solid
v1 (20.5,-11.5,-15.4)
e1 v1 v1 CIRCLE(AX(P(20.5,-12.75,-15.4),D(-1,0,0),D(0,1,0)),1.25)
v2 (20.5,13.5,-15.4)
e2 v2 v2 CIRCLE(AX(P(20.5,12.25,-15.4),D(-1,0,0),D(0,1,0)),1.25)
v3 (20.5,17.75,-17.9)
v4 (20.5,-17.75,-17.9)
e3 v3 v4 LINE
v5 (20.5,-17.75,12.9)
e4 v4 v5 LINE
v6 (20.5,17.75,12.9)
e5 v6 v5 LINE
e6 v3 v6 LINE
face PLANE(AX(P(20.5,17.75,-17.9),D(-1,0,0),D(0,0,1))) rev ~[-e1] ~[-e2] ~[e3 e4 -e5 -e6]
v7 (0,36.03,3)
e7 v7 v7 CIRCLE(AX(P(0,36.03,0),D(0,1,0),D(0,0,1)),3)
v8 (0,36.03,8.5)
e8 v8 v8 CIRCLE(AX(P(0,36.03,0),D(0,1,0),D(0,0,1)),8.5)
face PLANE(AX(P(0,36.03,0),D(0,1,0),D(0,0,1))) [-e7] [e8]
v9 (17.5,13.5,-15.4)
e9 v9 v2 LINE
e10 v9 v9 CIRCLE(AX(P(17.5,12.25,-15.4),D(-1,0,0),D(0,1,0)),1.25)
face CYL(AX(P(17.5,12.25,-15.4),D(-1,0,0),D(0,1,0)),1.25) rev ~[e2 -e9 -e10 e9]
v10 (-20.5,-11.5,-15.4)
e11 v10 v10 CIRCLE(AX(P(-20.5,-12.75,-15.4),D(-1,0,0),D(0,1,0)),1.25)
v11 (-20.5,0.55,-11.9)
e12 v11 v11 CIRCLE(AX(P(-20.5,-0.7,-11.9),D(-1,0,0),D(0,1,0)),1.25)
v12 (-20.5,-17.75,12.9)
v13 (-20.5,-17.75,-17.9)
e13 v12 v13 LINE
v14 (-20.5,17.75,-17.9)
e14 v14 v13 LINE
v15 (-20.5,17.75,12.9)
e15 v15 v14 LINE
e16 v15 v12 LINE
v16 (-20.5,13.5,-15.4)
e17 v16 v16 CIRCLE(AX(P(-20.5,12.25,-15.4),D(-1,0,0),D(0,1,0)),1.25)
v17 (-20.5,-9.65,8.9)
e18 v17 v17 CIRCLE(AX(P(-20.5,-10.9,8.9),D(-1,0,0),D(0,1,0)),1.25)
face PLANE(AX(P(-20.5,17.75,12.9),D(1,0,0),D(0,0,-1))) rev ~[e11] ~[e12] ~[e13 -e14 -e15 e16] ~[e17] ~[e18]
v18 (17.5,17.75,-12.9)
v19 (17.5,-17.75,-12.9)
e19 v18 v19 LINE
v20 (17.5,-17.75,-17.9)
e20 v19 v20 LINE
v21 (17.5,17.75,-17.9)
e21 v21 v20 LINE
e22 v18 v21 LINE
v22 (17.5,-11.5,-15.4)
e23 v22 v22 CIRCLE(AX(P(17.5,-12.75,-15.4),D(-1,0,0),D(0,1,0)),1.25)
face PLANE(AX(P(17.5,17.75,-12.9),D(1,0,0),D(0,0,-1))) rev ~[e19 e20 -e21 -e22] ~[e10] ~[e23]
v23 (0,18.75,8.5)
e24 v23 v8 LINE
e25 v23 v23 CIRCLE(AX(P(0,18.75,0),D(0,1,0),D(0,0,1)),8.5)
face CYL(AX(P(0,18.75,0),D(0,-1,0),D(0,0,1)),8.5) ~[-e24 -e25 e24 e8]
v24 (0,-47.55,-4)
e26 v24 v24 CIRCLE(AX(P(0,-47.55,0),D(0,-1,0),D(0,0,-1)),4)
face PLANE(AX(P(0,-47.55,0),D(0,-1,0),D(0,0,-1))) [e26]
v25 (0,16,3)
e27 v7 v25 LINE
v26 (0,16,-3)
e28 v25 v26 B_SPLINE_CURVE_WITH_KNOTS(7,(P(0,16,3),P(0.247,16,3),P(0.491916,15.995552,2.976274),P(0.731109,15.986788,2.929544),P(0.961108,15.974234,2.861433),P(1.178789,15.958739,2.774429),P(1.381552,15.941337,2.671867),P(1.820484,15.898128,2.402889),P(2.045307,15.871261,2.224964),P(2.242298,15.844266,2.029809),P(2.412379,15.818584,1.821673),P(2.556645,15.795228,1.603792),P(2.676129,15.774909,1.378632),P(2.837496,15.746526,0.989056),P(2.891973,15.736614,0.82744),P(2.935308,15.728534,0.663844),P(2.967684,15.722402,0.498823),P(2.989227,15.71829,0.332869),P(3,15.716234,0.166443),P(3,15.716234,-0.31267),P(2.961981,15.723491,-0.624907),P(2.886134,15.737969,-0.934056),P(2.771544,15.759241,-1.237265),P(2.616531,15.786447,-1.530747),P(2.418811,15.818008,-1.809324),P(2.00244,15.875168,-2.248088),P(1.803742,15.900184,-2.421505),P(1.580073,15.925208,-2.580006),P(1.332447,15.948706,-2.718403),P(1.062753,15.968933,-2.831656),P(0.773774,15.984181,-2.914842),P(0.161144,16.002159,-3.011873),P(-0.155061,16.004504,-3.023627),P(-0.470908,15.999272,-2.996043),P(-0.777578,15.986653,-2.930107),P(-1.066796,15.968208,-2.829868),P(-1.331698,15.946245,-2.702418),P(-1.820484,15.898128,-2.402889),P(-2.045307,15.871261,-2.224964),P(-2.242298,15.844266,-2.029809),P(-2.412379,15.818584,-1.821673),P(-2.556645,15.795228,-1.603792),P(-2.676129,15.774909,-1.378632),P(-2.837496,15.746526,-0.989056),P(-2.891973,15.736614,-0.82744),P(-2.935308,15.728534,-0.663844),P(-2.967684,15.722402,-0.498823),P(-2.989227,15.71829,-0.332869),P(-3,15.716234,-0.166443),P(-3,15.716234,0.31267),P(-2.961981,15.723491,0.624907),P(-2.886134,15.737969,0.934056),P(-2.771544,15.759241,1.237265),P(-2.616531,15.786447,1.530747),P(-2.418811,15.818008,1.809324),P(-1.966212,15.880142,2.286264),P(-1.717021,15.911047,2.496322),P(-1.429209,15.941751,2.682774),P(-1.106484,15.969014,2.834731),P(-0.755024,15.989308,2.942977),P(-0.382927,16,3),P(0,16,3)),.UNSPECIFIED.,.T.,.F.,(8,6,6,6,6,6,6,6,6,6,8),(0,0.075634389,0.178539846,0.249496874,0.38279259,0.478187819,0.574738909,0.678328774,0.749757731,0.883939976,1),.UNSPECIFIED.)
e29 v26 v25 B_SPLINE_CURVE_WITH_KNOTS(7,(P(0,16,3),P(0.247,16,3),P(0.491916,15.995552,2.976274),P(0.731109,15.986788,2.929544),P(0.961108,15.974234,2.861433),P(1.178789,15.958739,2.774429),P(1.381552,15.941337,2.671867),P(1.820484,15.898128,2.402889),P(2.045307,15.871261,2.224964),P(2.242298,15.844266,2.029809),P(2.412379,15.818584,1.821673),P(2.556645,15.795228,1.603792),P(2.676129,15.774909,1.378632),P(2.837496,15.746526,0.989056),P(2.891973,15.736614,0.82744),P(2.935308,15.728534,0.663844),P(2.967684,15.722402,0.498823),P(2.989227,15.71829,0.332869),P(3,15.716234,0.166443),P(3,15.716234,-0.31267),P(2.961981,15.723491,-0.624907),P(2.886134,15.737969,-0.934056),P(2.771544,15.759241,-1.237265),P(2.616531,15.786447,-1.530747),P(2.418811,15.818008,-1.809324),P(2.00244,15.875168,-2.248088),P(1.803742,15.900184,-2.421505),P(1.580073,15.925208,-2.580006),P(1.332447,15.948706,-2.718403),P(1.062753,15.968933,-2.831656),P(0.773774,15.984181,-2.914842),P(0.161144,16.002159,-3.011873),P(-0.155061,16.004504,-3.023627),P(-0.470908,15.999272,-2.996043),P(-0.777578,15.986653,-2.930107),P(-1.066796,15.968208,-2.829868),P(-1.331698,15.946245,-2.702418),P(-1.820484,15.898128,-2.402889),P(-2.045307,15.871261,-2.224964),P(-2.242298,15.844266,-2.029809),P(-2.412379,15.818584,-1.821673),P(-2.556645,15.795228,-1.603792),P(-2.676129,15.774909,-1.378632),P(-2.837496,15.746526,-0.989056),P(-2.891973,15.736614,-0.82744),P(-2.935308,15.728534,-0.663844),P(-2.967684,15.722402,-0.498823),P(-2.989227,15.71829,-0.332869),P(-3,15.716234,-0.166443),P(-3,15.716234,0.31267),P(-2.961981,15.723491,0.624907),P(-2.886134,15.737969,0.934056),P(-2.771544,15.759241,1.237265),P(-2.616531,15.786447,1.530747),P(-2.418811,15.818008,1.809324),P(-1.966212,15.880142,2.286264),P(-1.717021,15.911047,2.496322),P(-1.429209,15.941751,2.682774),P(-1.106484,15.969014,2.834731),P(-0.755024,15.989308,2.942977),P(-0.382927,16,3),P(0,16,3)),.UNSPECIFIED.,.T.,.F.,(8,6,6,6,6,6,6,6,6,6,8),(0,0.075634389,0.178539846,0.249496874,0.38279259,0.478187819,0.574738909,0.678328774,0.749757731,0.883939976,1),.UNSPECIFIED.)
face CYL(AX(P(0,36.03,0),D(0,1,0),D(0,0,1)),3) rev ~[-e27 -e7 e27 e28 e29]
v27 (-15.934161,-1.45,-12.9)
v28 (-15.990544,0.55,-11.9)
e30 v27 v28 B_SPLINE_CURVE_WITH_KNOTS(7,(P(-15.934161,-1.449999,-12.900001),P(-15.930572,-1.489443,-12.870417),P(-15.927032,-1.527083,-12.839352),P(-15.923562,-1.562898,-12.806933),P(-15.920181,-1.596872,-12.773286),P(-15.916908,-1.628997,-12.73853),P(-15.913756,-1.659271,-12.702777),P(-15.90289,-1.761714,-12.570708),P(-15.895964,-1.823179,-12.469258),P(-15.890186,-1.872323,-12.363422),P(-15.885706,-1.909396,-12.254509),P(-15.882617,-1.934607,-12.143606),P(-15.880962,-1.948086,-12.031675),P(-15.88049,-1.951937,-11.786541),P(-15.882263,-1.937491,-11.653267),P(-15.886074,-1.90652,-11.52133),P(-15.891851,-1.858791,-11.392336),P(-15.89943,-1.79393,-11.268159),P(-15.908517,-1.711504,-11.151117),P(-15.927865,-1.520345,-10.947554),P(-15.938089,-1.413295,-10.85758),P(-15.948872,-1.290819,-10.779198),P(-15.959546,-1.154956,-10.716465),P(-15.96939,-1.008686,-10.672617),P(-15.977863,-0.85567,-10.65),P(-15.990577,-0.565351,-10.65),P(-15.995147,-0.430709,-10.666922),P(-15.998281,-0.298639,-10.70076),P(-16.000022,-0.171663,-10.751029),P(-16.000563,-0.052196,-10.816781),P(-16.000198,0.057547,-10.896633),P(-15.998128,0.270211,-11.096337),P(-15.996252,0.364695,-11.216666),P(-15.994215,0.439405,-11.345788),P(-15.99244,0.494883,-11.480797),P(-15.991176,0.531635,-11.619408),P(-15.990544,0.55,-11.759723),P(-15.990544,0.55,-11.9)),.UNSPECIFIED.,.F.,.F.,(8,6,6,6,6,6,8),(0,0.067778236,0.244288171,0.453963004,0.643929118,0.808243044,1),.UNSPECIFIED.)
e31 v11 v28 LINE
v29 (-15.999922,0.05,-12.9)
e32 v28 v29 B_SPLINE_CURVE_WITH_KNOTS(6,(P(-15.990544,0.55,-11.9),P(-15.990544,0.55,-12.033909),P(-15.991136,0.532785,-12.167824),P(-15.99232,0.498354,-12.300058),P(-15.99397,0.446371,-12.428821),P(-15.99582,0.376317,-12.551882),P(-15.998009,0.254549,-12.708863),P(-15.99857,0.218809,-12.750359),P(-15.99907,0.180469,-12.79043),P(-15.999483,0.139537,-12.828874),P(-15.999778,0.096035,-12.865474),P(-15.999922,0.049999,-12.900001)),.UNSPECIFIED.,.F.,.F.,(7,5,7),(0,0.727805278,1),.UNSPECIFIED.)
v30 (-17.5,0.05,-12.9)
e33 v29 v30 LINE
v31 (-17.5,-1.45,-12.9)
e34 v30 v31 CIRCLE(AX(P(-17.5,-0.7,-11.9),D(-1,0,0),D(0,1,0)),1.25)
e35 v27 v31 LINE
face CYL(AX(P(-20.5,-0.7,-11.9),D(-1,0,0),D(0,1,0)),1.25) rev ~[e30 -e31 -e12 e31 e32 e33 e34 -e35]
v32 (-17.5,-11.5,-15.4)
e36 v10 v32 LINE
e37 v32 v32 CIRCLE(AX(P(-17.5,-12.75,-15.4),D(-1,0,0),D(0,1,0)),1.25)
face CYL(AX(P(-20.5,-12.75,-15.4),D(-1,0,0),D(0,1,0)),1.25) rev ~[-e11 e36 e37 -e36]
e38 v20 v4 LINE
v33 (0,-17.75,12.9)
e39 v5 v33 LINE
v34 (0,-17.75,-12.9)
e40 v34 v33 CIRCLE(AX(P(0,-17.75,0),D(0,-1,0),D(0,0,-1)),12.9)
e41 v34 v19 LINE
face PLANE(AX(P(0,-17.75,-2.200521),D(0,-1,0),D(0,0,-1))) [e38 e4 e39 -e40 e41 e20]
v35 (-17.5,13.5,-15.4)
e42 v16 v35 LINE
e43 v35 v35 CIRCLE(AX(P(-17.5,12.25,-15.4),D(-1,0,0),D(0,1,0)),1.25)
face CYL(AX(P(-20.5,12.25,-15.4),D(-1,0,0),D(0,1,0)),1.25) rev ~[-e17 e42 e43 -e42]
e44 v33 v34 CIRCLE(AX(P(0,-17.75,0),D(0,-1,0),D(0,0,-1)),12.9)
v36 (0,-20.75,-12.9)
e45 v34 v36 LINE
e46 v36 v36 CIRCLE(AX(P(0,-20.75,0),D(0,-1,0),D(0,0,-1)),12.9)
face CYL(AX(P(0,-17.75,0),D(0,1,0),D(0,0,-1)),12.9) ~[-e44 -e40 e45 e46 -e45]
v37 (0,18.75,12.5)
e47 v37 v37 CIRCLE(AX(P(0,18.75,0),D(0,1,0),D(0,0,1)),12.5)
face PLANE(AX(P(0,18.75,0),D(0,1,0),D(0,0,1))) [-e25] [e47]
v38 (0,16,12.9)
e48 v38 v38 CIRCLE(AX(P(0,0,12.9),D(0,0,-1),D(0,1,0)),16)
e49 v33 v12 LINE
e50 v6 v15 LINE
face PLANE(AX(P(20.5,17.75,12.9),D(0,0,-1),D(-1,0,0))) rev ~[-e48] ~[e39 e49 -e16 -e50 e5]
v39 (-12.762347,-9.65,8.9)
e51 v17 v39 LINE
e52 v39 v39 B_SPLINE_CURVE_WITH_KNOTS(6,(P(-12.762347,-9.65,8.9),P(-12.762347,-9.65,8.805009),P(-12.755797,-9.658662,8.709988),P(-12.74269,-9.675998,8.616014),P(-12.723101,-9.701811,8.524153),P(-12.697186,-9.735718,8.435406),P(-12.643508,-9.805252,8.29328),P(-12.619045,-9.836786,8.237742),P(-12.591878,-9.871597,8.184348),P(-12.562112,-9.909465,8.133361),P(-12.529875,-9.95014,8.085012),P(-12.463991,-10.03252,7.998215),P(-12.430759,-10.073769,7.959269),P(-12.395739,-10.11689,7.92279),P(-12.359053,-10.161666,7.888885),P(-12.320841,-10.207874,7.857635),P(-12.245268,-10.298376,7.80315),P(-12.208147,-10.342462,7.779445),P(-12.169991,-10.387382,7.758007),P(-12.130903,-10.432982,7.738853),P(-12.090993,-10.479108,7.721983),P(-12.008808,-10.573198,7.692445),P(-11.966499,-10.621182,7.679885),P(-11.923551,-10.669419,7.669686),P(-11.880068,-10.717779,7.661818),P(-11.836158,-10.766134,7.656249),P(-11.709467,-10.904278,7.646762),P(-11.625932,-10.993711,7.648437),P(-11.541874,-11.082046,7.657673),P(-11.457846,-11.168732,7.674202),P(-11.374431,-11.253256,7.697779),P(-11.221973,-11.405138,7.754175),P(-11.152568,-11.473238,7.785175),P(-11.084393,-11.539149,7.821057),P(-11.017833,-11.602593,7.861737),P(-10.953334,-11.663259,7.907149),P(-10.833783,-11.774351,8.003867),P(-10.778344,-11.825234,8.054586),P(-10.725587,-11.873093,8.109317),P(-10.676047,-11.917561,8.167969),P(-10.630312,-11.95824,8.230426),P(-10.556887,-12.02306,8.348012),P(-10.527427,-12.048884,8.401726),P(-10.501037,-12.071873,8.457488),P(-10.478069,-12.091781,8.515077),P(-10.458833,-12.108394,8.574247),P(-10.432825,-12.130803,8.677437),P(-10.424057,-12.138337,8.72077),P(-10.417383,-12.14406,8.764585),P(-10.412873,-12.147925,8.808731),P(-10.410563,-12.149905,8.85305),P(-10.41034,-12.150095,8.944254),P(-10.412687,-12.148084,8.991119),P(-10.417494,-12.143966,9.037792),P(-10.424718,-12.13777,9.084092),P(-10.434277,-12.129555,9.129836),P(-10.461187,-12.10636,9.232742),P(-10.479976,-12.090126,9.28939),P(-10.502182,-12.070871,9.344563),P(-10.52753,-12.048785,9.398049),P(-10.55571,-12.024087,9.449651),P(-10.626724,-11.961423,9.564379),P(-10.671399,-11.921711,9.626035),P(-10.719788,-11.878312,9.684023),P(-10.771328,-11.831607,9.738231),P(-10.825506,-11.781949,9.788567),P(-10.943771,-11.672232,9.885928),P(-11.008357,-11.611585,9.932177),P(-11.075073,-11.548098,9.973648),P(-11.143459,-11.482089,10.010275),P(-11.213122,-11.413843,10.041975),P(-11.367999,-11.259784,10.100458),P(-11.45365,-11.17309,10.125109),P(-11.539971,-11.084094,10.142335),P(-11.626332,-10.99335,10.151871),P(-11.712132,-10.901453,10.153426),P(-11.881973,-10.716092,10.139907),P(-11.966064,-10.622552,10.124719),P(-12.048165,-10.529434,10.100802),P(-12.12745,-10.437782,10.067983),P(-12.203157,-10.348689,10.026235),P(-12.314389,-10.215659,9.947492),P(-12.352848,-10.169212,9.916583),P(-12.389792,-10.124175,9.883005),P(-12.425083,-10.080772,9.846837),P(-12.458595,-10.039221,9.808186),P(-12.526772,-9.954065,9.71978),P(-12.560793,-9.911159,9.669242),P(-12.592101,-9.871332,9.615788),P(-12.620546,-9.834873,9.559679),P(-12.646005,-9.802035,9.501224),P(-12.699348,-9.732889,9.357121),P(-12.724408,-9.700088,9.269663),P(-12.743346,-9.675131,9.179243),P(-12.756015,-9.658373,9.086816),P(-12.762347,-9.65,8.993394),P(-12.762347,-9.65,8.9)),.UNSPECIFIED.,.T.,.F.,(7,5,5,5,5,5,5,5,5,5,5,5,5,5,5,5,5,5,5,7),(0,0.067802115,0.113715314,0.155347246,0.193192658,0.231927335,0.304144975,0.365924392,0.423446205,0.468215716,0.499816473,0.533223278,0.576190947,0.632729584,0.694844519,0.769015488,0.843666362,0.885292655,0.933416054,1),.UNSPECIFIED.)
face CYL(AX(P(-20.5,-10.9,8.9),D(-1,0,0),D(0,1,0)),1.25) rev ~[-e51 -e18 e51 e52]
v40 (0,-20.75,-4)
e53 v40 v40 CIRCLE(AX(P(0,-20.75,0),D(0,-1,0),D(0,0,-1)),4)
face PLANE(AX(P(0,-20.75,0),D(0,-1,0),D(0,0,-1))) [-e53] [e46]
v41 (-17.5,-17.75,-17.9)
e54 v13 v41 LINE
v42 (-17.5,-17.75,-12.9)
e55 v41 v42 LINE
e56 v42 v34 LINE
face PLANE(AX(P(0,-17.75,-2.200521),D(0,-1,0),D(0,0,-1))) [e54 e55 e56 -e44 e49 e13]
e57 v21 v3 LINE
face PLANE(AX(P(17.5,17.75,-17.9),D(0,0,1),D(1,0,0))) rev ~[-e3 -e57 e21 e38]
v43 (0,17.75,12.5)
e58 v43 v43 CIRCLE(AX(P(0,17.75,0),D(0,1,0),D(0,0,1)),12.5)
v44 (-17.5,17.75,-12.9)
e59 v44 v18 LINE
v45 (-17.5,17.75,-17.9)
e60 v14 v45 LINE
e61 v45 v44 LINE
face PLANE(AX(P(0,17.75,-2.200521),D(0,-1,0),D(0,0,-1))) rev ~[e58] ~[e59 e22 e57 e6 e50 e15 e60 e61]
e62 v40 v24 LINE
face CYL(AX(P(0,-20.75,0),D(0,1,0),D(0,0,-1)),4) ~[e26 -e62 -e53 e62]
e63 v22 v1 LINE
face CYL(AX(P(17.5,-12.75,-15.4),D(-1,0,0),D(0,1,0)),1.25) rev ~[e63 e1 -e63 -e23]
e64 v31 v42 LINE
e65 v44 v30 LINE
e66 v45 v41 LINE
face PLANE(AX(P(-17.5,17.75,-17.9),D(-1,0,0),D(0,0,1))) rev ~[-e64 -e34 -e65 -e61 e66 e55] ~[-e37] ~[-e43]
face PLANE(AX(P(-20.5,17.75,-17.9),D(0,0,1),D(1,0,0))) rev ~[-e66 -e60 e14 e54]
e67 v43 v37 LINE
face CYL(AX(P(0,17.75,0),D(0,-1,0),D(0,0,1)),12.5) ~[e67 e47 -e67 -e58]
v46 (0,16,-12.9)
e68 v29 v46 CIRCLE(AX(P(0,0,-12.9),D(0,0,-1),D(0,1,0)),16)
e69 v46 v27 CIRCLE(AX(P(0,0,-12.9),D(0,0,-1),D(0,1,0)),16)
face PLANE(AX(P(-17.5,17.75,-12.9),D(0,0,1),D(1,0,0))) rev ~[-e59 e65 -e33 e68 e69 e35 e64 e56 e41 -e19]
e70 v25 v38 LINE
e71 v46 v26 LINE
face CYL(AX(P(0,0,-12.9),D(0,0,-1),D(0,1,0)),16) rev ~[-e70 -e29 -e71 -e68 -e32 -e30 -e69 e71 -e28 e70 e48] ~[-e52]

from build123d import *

# Parameters (mm, degrees)
BOSS_EXTRUDE1_DEPTH     = 35.5
SKETCH2_R               = 12.9
BOSS_EXTRUDE2_DEPTH     = 3
SKETCH3_R               = 4
BOSS_EXTRUDE3_DEPTH     = 26.8
SKETCH4_R               = 12.5
BOSS_EXTRUDE4_DEPTH     = 1
SKETCH5_R               = 8.5
BOSS_EXTRUDE5_DEPTH     = 17.28
CUT_EXTRUDE1_REACH      = 83.306
SKETCH6_R               = 16
CUT_EXTRUDE2_REACH      = 96.36
CUT_EXTRUDE2_END_RADIUS = 16
SKETCH7_R               = 3
CUT_EXTRUDE3_REACH      = 80.627
SKETCH8_R               = 1.25
CUT_EXTRUDE4_REACH      = 79.105
SKETCH9_R               = 1.25
BODY_MOVE_COPY2_ANGLE   = 120


with BuildPart() as part:
    # Sketch1 → Boss-Extrude1 (new body)
    with BuildSketch(Plane.XY):
        Polygon((15.4, 41), (-15.4, 41), (-15.4, 0), (15.4, 0), (15.4, 3), (10.4, 3), (10.4, 38), (15.4, 38), align=None)
    extrude(amount=BOSS_EXTRUDE1_DEPTH)

    # Sketch2 → Boss-Extrude2 (add)
    with BuildSketch(Plane.XY.offset(35.5)):
        with Locations((-2.5, 20.5)):
            Circle(SKETCH2_R)
    extrude(amount=BOSS_EXTRUDE2_DEPTH)

    # Sketch3 → Boss-Extrude3 (add)
    with BuildSketch(Plane.XY.offset(38.5)):
        with Locations((-2.5, 20.5)):
            Circle(SKETCH3_R)
    extrude(amount=BOSS_EXTRUDE3_DEPTH)

    # Sketch4 → Boss-Extrude4 (add)
    with BuildSketch(Plane(origin=(0, 0, 0), x_dir=(-1, 0, 0), z_dir=(0, 0, -1))):
        with Locations((2.5, 20.5)):
            Circle(SKETCH4_R)
    extrude(amount=BOSS_EXTRUDE4_DEPTH)

    # Sketch5 → Boss-Extrude5 (add)
    with BuildSketch(Plane(origin=(0, 0, -1), x_dir=(-1, 0, 0), z_dir=(0, 0, -1))):
        with Locations((2.5, 20.5)):
            Circle(SKETCH5_R)
    extrude(amount=BOSS_EXTRUDE5_DEPTH)

    # Sketch6 → Cut-Extrude1 (cut, up to next)
    with BuildSketch(Plane(origin=(10.4, 0, 0), x_dir=(0, 0, -1), z_dir=(1, 0, 0)), mode=Mode.PRIVATE) as cut_extrude1_sk1:
        with Locations((-17.75, 20.5)):
            Circle(SKETCH6_R)
    cut_extrude1_tool1 = extrude(cut_extrude1_sk1.sketch, amount=-CUT_EXTRUDE1_REACH, mode=Mode.PRIVATE) & part.part
    add(cut_extrude1_tool1.solids().sort_by_distance((10.4, 20.5, 17.75))[0], mode=Mode.SUBTRACT)

    # Cut-Extrude2: up to this cylinder (the profile starts outside it)
    cut_extrude2_end = Plane(origin=(-2.5, 20.5, 17.75), z_dir=(1, 0, 0)) * Cylinder(CUT_EXTRUDE2_END_RADIUS, 225.72, mode=Mode.PRIVATE)
    # Sketch7 → Cut-Extrude2 (cut, up to the surface)
    with BuildSketch(Plane(origin=(0, 0, -18.28), x_dir=(-1, 0, 0), z_dir=(0, 0, -1)), mode=Mode.PRIVATE) as cut_extrude2_sk1:
        with Locations((2.5, 20.5)):
            Circle(SKETCH7_R)
    cut_extrude2_tool1 = extrude(cut_extrude2_sk1.sketch, amount=-CUT_EXTRUDE2_REACH, mode=Mode.PRIVATE) - cut_extrude2_end
    add(cut_extrude2_tool1.solids().sort_by_distance((-2.5, 20.5, -18.28))[0], mode=Mode.SUBTRACT)

    # Sketch8 → Cut-Extrude3 (cut, up to next)
    with BuildSketch(Plane.XZ, mode=Mode.PRIVATE) as cut_extrude3_sk1:
        with Locations(Location((12.9, 30.5, 0), (0, 0, 270))):
            Circle(SKETCH8_R)
    cut_extrude3_tool1 = extrude(cut_extrude3_sk1.sketch, amount=-CUT_EXTRUDE3_REACH, mode=Mode.PRIVATE) & part.part
    # Sketch8 → Cut-Extrude3 (cut, up to next)
    with BuildSketch(Plane.XZ, mode=Mode.PRIVATE) as cut_extrude3_sk2:
        with Locations(Location((12.9, 5.5, 0), (0, 0, 270))):
            Circle(SKETCH8_R)
    cut_extrude3_tool2 = extrude(cut_extrude3_sk2.sketch, amount=-CUT_EXTRUDE3_REACH, mode=Mode.PRIVATE) & part.part
    # Sketch8 → Cut-Extrude3 (cut, up to next)
    with BuildSketch(Plane.XZ, mode=Mode.PRIVATE) as cut_extrude3_sk3:
        with Locations(Location((9.4, 18.45, 0), (0, 0, 270))):
            Circle(SKETCH8_R)
    cut_extrude3_tool3 = extrude(cut_extrude3_sk3.sketch, amount=-CUT_EXTRUDE3_REACH, mode=Mode.PRIVATE) & part.part
    # Sketch8 → Cut-Extrude3 (cut, up to next)
    with BuildSketch(Plane.XZ, mode=Mode.PRIVATE) as cut_extrude3_sk4:
        with Locations(Location((-11.4, 28.65, 0), (0, 0, 270))):
            Circle(SKETCH8_R)
    cut_extrude3_tool4 = extrude(cut_extrude3_sk4.sketch, amount=-CUT_EXTRUDE3_REACH, mode=Mode.PRIVATE) & part.part
    add(cut_extrude3_tool1.solids().sort_by_distance((12.9, 0, 30.5))[0], mode=Mode.SUBTRACT)
    add(cut_extrude3_tool2.solids().sort_by_distance((12.9, 0, 5.5))[0], mode=Mode.SUBTRACT)
    add(cut_extrude3_tool3.solids().sort_by_distance((9.4, 0, 18.45))[0], mode=Mode.SUBTRACT)
    add(cut_extrude3_tool4.solids().sort_by_distance((-11.4, 0, 28.65))[0], mode=Mode.SUBTRACT)

    # Sketch9 → Cut-Extrude4 (cut, up to next)
    with BuildSketch(Plane.XZ.offset(-38), mode=Mode.PRIVATE) as cut_extrude4_sk1:
        with Locations(Location((12.9, 30.5, 0), (0, 0, 270))):
            Circle(SKETCH9_R)
    cut_extrude4_tool1 = extrude(cut_extrude4_sk1.sketch, amount=-CUT_EXTRUDE4_REACH, mode=Mode.PRIVATE) & part.part
    # Sketch9 → Cut-Extrude4 (cut, up to next)
    with BuildSketch(Plane.XZ.offset(-38), mode=Mode.PRIVATE) as cut_extrude4_sk2:
        with Locations(Location((12.9, 5.5, 0), (0, 0, 270))):
            Circle(SKETCH9_R)
    cut_extrude4_tool2 = extrude(cut_extrude4_sk2.sketch, amount=-CUT_EXTRUDE4_REACH, mode=Mode.PRIVATE) & part.part
    add(cut_extrude4_tool1.solids().sort_by_distance((12.9, 38, 30.5))[0], mode=Mode.SUBTRACT)
    add(cut_extrude4_tool2.solids().sort_by_distance((12.9, 38, 5.5))[0], mode=Mode.SUBTRACT)


with BuildPart() as part_1:
    # Body-Move/Copy1: moved
    add(part.part.moved(Location((2.5, -20.5, -17.75))))


with BuildPart() as part_2:
    # Body-Move/Copy2: moved
    add(part_1.part.rotate(Axis((0, 0, 0), (0.5773502691896272, 0.5773502691896252, -0.5773502691896252)), BODY_MOVE_COPY2_ANGLE))


solid = part_2.part
